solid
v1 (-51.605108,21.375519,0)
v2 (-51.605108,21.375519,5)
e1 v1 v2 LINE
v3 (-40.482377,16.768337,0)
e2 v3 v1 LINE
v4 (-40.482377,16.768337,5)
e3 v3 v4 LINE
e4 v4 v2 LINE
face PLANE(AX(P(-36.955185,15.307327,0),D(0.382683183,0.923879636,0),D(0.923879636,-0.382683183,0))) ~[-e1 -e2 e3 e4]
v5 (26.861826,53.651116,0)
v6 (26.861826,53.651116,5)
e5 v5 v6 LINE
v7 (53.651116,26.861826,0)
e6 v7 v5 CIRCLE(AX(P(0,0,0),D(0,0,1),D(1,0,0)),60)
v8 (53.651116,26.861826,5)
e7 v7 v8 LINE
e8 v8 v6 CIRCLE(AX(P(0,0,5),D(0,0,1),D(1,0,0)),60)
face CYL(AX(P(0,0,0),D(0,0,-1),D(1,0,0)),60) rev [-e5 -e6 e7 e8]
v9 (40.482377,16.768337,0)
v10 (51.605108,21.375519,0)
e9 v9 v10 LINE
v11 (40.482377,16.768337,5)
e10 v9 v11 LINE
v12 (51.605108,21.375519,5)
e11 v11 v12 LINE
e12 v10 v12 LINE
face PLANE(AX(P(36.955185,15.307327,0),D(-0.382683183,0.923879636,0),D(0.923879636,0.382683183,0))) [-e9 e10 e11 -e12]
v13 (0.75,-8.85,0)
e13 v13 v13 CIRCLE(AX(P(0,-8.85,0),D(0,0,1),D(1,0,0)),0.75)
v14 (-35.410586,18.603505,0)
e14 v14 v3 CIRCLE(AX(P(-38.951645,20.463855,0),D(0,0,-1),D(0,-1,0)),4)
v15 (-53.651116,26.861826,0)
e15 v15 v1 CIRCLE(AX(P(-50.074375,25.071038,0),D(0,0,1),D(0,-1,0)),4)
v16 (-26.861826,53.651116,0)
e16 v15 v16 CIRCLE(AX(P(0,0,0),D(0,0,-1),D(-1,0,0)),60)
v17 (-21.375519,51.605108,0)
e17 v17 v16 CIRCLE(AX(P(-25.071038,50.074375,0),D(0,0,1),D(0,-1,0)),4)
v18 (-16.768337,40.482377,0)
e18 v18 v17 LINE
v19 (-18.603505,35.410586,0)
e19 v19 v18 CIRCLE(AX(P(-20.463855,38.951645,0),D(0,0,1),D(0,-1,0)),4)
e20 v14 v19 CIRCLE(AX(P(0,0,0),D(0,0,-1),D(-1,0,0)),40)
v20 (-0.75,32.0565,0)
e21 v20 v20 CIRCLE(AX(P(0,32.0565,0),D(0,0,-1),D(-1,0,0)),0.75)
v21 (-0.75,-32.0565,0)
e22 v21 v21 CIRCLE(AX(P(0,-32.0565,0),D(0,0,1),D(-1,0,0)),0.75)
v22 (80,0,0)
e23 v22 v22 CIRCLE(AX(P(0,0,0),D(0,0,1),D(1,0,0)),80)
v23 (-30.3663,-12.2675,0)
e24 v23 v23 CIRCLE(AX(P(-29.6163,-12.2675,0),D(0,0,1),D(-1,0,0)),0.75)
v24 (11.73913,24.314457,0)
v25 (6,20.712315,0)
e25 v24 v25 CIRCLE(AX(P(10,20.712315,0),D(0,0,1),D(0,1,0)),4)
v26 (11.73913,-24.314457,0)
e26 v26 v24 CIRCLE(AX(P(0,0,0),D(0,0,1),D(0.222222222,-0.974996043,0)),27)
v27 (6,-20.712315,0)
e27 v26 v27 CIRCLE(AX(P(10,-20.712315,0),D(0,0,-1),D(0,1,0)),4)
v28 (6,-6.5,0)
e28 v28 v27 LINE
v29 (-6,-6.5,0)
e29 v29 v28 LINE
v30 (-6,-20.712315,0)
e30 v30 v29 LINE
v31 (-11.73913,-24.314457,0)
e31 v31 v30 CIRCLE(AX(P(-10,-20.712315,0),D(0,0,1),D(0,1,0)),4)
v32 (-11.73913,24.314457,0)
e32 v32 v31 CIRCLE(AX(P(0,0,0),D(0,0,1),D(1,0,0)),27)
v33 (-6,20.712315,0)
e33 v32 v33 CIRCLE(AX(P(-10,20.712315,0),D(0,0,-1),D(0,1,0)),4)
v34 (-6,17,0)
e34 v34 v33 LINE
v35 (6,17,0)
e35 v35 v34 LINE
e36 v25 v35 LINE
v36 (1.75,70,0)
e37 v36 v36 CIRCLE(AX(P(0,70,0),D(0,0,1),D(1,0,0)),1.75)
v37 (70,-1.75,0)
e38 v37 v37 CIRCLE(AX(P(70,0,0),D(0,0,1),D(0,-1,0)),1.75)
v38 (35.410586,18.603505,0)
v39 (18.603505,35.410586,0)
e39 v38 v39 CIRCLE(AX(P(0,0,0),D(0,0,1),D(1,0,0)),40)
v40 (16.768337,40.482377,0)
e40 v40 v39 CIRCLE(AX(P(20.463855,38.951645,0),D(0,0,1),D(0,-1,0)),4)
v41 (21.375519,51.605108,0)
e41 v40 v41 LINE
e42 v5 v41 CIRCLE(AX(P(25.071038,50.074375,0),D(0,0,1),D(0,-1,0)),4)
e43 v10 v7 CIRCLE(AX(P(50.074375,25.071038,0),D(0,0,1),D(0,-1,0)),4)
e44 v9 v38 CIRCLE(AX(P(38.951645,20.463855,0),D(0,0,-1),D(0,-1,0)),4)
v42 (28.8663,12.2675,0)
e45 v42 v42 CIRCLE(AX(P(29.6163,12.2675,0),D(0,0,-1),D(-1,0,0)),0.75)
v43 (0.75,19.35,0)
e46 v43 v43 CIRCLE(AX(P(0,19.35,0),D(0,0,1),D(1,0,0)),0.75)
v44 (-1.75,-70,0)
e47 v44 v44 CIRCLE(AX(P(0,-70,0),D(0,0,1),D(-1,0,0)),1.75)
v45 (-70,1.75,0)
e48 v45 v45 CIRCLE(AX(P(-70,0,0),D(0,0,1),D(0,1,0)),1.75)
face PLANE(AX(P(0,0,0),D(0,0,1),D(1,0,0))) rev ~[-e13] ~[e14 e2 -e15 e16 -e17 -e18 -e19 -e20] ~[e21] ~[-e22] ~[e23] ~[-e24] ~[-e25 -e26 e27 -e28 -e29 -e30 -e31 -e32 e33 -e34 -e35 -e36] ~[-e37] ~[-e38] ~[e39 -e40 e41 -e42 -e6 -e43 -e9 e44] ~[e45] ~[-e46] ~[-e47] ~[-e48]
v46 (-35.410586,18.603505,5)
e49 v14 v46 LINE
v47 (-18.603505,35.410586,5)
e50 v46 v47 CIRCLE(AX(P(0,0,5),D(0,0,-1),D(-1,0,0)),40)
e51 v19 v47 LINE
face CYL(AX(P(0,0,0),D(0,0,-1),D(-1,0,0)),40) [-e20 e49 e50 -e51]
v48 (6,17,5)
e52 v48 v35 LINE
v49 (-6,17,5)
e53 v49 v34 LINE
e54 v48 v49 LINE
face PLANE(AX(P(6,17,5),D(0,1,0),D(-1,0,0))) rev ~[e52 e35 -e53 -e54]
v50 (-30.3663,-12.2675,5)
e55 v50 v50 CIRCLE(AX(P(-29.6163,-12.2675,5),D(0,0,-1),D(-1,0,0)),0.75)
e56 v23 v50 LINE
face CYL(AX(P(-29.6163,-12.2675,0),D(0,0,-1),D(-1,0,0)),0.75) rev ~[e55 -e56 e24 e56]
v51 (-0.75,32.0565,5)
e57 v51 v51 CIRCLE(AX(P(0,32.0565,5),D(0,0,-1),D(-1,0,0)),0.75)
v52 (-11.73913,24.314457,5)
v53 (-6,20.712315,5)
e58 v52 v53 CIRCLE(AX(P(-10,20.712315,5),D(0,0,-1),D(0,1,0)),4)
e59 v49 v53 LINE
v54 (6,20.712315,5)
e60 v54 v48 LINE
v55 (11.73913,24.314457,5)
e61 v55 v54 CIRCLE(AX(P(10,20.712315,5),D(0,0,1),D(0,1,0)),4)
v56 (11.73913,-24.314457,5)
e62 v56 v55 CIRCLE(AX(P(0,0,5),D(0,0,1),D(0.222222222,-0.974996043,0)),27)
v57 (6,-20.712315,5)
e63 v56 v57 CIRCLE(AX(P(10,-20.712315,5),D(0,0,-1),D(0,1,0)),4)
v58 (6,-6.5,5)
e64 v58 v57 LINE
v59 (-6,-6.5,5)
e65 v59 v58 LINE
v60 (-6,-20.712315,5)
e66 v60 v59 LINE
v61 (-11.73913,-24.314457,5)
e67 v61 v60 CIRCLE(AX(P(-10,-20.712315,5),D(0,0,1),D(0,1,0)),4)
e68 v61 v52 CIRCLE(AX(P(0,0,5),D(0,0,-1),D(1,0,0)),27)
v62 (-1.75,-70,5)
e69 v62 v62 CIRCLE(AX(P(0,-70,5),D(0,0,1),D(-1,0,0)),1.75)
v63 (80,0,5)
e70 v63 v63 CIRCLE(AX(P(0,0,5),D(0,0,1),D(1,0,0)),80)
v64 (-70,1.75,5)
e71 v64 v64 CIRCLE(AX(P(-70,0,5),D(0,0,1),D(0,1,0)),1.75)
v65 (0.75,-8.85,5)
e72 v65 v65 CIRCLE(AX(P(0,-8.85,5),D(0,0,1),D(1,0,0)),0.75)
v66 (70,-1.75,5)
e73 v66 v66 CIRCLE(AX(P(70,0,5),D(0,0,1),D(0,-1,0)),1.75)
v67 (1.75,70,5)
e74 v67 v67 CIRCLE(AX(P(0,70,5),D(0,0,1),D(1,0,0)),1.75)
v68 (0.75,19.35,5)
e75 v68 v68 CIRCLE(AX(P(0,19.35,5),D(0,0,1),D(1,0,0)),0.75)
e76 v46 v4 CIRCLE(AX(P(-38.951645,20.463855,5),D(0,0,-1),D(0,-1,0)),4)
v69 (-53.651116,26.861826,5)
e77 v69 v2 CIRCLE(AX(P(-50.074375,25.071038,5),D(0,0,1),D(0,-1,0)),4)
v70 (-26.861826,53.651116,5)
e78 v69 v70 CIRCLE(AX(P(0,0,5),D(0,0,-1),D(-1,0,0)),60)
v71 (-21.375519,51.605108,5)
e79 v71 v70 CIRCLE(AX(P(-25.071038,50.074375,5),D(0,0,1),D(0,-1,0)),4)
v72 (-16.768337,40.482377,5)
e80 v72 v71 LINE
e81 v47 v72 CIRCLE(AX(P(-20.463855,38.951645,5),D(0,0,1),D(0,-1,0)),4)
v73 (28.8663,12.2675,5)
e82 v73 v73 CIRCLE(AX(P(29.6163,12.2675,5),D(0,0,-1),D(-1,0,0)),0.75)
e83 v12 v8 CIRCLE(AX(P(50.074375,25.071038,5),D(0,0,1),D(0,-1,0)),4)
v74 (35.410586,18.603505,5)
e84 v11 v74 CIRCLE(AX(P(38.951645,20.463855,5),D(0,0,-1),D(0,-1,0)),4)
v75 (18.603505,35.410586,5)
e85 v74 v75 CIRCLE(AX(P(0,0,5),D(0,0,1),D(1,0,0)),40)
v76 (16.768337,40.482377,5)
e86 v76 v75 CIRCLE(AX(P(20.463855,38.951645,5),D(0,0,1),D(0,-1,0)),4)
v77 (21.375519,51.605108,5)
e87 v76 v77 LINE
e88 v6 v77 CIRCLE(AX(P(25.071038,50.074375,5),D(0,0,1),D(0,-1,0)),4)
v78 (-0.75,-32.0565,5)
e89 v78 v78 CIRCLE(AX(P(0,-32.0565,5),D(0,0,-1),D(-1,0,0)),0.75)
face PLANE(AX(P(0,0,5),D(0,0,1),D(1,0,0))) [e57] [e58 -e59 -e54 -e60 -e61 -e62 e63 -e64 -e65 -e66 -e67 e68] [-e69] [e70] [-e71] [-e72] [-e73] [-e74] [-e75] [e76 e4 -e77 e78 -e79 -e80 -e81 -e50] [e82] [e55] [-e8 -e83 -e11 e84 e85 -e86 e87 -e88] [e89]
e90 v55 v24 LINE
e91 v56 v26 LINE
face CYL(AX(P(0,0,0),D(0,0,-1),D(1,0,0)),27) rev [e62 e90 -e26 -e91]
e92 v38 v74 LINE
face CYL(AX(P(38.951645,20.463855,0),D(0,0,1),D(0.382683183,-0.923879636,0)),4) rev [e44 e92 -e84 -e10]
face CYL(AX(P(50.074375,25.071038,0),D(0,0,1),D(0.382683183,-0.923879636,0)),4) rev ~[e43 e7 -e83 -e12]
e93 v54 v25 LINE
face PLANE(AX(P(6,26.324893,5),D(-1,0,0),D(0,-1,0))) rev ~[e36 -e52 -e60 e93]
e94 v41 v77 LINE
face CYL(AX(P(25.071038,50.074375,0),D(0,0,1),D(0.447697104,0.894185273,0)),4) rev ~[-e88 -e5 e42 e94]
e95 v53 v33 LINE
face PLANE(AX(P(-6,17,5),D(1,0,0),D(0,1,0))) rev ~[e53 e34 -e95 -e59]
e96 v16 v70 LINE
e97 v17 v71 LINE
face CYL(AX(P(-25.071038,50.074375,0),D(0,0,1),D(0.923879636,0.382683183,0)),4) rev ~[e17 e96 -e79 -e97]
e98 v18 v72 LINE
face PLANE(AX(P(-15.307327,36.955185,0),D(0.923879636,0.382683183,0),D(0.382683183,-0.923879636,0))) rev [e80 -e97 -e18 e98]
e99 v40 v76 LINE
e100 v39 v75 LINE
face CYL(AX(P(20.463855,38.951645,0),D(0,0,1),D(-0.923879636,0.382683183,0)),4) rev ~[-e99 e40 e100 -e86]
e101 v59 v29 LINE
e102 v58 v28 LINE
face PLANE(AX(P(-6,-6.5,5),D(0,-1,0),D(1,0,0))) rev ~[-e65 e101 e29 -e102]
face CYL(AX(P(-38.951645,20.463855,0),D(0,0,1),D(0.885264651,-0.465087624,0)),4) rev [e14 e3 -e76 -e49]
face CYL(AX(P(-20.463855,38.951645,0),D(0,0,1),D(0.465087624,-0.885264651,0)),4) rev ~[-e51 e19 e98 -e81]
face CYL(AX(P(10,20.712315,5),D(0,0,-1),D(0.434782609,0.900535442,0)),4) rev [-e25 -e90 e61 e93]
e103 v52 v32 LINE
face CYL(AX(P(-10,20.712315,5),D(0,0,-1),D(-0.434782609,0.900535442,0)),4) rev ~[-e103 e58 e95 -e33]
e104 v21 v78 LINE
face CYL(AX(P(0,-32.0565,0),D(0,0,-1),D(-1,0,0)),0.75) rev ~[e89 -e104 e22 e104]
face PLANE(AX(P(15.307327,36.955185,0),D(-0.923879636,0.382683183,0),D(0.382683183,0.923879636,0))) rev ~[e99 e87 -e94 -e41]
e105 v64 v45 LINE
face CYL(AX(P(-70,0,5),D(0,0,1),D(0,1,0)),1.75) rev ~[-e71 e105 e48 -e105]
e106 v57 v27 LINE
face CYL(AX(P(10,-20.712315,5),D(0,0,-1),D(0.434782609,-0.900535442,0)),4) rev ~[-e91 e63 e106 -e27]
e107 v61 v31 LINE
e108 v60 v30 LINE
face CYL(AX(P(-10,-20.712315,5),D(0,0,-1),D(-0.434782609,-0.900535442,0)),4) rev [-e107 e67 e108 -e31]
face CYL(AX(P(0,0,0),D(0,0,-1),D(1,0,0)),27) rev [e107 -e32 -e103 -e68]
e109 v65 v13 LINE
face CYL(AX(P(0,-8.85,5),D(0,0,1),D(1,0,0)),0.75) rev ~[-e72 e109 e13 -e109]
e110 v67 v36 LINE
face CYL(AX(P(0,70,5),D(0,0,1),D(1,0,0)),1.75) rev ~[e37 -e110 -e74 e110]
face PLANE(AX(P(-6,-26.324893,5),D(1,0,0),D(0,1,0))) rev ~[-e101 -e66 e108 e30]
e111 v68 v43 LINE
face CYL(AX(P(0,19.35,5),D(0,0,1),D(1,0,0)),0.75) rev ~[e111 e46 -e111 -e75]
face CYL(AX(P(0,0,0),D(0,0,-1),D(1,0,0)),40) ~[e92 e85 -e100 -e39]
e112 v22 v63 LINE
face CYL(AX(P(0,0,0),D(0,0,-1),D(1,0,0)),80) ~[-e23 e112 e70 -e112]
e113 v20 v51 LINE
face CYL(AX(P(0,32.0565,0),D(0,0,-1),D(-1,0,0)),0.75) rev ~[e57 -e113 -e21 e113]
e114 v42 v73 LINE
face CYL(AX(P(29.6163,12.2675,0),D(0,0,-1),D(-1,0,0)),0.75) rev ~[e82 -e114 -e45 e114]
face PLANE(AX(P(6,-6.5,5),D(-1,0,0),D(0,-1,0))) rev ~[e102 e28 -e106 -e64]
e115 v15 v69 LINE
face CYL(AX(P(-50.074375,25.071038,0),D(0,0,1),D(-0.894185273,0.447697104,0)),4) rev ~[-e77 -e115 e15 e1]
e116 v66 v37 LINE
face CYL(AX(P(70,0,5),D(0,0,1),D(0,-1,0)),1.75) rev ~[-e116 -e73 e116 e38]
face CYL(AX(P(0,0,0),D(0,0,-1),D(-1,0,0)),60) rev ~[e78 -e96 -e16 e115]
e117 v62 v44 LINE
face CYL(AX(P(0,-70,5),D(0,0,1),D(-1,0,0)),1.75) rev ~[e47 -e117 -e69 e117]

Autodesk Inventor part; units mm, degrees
ref_plane "YZ Plane" through (0, 0, 0) normal (1, 0, 0) x (0, 1, 0)
ref_plane "XZ Plane" through (0, 0, 0) normal (0, 1, 0) x (-1, 0, 0)
ref_plane "XY Plane" through (0, 0, 0) normal (0, 0, 1) x (1, 0, 0)
sketch "스케치1" plane through (0, 0, 0) normal (0, 0, 1) x (1, 0, 0)
  circle A0 centre (0, 0) radius 80
  circle A1 centre (0, 0) radius 34 construction
  circle A2 centre (0, 0) radius 27
  circle A3 centre (0, 0) radius 60
  circle A4 centre (0, 0) radius 40
  line L0 (0, 0) -> (22.961, 55.4328)
  line L1 (0, 0) -> (55.4328, 22.961)
  line L2 (0, 0) -> (0, 60) construction
  point P0 (15.3073, 36.9552)
  point P1 (36.9552, 15.3073)
  dimension "d0" = 160
  dimension "d1" = 68
  dimension "d2" = 54
  dimension "d3" = 120
  dimension "d4" = 80
  dimension "d5" = 45
  dimension "d45" = 22.5
extrude "돌출1" add sketch "스케치1" along normal blind 5 contours A0 | A2 L1 A4 L0 | A2 L0 A4 L1 | L1 A3 L0 A4 | A4 L0 A3 L1
extrude "돌출2" cut sketch "스케치1" along normal blind 5 contours A4 L0 A3 L1 picked at (23.2061, 47.8488)
fillet "모깎기1" radius 4 4 edges at (22.961, 55.4328, 2.5) (15.3073, 36.9552, 2.5) (36.9552, 15.3073, 2.5) (55.4328, 22.961, 2.5)
sketch "스케치2" plane through (0, 0, 5) normal (0, 0, 1) x (1, 0, 0)
  circle A0 centre (0, 70) radius 1.75
  point P0 (0, 0)
  dimension "d14" = 3.5
  dimension "d15" = 70
extrude "돌출3" cut sketch "스케치2" against normal blind 5
pattern_circular "원형 패턴2" count 4 over 360 about axis through (0, 0, 0) along (0, 0, 1) of "돌출3"
sketch "스케치3" plane through (0, 0, 5) normal (0, 0, 1) x (1, 0, 0)
  circle A0 centre (0, 0) radius 6 construction
  line L0 (-6, 16.5) -> (6, 16.5) construction
  line L1 (6, 16.5) -> (6, -6) construction
  line L2 (6, -6) -> (-6, -6) construction
  line L3 (-6, -6) -> (-6, 16.5) construction
  line L4 (-6, 21.35) -> (6, 21.35) construction
  line L5 (6, 21.35) -> (6, -10.85) construction
  line L6 (6, -10.85) -> (-6, -10.85) construction
  line L7 (-6, -10.85) -> (-6, 21.35) construction
  circle A1 centre (0, 19.35) radius 0.75
  line L8 (-6, 5.25) -> (-8.8851, 5.25) construction
  circle A2 centre (0, -8.85) radius 0.75
  line L9 (-6, 27) -> (6, 27)
  line L10 (6, 27) -> (6, 17)
  line L11 (6, 17) -> (-6, 17)
  line L12 (-6, 17) -> (-6, 27)
  line L13 (-6, -6.5) -> (6, -6.5)
  line L14 (6, -6.5) -> (6, -27)
  line L15 (6, -27) -> (-6, -27)
  line L16 (-6, -27) -> (-6, -6.5)
  circle A3 centre (0, 0) radius 27 projected
  point P0 (0, -6)
  point P1 (0, 27)
  point P2 (0, -27)
  point P3 (-6, -26.3249)
  point P4 (6, -26.3249)
  point P5 (6, 26.3249)
  point P6 (-6, 26.3249)
  dimension "d21" = 12
  dimension "d22" = 12
  dimension "d23" = 22.5
  dimension "d24" = 32.2
  dimension "d26" = 1.5
  dimension "d27" = 28.2
  dimension "d28" = 0.5
  dimension "d29" = 0.5
  dimension "d30" = 12
  dimension "d31" = 12
extrude "돌출4" add sketch "스케치3" against normal blind 5 contours A3 L10 L11 L12 | L16 L13 L14 A3
fillet "모깎기2" radius 4 4 edges at (-6, 26.3249, 2.5) (6, 26.3249, 2.5) (-6, -26.3249, 2.5) (6, -26.3249, 2.5)
sketch "스케치4" plane through (0, 0, 0) normal (0, 0, -1) x (-1, 0, 0)
  circle A0 centre (0, 0) radius 32.0565 construction
  circle A1 centre (0, -32.0565) radius 0.75
  line L0 (0, -32.0565) -> (0, 0)
  line L1 (0, 0) -> (29.6163, -12.2675)
  circle A2 centre (29.6163, -12.2675) radius 0.75
  circle A3 centre (0, 32.0565) radius 0.75
  circle A4 centre (-29.6163, 12.2675) radius 0.75
  dimension "d35" = 64.113
  dimension "d36" = 1.5
  dimension "d37" = 1.5
  dimension "d38" = 67.5
  dimension "d41" = 360
extrude "돌출5" cut sketch "스케치4" against normal blind 5
mirror "미러1" about plane through (0, 0, 0) normal (1, 0, 0) of "돌출2", "모깎기1"
properties part number "아크릴 LED확산판"
